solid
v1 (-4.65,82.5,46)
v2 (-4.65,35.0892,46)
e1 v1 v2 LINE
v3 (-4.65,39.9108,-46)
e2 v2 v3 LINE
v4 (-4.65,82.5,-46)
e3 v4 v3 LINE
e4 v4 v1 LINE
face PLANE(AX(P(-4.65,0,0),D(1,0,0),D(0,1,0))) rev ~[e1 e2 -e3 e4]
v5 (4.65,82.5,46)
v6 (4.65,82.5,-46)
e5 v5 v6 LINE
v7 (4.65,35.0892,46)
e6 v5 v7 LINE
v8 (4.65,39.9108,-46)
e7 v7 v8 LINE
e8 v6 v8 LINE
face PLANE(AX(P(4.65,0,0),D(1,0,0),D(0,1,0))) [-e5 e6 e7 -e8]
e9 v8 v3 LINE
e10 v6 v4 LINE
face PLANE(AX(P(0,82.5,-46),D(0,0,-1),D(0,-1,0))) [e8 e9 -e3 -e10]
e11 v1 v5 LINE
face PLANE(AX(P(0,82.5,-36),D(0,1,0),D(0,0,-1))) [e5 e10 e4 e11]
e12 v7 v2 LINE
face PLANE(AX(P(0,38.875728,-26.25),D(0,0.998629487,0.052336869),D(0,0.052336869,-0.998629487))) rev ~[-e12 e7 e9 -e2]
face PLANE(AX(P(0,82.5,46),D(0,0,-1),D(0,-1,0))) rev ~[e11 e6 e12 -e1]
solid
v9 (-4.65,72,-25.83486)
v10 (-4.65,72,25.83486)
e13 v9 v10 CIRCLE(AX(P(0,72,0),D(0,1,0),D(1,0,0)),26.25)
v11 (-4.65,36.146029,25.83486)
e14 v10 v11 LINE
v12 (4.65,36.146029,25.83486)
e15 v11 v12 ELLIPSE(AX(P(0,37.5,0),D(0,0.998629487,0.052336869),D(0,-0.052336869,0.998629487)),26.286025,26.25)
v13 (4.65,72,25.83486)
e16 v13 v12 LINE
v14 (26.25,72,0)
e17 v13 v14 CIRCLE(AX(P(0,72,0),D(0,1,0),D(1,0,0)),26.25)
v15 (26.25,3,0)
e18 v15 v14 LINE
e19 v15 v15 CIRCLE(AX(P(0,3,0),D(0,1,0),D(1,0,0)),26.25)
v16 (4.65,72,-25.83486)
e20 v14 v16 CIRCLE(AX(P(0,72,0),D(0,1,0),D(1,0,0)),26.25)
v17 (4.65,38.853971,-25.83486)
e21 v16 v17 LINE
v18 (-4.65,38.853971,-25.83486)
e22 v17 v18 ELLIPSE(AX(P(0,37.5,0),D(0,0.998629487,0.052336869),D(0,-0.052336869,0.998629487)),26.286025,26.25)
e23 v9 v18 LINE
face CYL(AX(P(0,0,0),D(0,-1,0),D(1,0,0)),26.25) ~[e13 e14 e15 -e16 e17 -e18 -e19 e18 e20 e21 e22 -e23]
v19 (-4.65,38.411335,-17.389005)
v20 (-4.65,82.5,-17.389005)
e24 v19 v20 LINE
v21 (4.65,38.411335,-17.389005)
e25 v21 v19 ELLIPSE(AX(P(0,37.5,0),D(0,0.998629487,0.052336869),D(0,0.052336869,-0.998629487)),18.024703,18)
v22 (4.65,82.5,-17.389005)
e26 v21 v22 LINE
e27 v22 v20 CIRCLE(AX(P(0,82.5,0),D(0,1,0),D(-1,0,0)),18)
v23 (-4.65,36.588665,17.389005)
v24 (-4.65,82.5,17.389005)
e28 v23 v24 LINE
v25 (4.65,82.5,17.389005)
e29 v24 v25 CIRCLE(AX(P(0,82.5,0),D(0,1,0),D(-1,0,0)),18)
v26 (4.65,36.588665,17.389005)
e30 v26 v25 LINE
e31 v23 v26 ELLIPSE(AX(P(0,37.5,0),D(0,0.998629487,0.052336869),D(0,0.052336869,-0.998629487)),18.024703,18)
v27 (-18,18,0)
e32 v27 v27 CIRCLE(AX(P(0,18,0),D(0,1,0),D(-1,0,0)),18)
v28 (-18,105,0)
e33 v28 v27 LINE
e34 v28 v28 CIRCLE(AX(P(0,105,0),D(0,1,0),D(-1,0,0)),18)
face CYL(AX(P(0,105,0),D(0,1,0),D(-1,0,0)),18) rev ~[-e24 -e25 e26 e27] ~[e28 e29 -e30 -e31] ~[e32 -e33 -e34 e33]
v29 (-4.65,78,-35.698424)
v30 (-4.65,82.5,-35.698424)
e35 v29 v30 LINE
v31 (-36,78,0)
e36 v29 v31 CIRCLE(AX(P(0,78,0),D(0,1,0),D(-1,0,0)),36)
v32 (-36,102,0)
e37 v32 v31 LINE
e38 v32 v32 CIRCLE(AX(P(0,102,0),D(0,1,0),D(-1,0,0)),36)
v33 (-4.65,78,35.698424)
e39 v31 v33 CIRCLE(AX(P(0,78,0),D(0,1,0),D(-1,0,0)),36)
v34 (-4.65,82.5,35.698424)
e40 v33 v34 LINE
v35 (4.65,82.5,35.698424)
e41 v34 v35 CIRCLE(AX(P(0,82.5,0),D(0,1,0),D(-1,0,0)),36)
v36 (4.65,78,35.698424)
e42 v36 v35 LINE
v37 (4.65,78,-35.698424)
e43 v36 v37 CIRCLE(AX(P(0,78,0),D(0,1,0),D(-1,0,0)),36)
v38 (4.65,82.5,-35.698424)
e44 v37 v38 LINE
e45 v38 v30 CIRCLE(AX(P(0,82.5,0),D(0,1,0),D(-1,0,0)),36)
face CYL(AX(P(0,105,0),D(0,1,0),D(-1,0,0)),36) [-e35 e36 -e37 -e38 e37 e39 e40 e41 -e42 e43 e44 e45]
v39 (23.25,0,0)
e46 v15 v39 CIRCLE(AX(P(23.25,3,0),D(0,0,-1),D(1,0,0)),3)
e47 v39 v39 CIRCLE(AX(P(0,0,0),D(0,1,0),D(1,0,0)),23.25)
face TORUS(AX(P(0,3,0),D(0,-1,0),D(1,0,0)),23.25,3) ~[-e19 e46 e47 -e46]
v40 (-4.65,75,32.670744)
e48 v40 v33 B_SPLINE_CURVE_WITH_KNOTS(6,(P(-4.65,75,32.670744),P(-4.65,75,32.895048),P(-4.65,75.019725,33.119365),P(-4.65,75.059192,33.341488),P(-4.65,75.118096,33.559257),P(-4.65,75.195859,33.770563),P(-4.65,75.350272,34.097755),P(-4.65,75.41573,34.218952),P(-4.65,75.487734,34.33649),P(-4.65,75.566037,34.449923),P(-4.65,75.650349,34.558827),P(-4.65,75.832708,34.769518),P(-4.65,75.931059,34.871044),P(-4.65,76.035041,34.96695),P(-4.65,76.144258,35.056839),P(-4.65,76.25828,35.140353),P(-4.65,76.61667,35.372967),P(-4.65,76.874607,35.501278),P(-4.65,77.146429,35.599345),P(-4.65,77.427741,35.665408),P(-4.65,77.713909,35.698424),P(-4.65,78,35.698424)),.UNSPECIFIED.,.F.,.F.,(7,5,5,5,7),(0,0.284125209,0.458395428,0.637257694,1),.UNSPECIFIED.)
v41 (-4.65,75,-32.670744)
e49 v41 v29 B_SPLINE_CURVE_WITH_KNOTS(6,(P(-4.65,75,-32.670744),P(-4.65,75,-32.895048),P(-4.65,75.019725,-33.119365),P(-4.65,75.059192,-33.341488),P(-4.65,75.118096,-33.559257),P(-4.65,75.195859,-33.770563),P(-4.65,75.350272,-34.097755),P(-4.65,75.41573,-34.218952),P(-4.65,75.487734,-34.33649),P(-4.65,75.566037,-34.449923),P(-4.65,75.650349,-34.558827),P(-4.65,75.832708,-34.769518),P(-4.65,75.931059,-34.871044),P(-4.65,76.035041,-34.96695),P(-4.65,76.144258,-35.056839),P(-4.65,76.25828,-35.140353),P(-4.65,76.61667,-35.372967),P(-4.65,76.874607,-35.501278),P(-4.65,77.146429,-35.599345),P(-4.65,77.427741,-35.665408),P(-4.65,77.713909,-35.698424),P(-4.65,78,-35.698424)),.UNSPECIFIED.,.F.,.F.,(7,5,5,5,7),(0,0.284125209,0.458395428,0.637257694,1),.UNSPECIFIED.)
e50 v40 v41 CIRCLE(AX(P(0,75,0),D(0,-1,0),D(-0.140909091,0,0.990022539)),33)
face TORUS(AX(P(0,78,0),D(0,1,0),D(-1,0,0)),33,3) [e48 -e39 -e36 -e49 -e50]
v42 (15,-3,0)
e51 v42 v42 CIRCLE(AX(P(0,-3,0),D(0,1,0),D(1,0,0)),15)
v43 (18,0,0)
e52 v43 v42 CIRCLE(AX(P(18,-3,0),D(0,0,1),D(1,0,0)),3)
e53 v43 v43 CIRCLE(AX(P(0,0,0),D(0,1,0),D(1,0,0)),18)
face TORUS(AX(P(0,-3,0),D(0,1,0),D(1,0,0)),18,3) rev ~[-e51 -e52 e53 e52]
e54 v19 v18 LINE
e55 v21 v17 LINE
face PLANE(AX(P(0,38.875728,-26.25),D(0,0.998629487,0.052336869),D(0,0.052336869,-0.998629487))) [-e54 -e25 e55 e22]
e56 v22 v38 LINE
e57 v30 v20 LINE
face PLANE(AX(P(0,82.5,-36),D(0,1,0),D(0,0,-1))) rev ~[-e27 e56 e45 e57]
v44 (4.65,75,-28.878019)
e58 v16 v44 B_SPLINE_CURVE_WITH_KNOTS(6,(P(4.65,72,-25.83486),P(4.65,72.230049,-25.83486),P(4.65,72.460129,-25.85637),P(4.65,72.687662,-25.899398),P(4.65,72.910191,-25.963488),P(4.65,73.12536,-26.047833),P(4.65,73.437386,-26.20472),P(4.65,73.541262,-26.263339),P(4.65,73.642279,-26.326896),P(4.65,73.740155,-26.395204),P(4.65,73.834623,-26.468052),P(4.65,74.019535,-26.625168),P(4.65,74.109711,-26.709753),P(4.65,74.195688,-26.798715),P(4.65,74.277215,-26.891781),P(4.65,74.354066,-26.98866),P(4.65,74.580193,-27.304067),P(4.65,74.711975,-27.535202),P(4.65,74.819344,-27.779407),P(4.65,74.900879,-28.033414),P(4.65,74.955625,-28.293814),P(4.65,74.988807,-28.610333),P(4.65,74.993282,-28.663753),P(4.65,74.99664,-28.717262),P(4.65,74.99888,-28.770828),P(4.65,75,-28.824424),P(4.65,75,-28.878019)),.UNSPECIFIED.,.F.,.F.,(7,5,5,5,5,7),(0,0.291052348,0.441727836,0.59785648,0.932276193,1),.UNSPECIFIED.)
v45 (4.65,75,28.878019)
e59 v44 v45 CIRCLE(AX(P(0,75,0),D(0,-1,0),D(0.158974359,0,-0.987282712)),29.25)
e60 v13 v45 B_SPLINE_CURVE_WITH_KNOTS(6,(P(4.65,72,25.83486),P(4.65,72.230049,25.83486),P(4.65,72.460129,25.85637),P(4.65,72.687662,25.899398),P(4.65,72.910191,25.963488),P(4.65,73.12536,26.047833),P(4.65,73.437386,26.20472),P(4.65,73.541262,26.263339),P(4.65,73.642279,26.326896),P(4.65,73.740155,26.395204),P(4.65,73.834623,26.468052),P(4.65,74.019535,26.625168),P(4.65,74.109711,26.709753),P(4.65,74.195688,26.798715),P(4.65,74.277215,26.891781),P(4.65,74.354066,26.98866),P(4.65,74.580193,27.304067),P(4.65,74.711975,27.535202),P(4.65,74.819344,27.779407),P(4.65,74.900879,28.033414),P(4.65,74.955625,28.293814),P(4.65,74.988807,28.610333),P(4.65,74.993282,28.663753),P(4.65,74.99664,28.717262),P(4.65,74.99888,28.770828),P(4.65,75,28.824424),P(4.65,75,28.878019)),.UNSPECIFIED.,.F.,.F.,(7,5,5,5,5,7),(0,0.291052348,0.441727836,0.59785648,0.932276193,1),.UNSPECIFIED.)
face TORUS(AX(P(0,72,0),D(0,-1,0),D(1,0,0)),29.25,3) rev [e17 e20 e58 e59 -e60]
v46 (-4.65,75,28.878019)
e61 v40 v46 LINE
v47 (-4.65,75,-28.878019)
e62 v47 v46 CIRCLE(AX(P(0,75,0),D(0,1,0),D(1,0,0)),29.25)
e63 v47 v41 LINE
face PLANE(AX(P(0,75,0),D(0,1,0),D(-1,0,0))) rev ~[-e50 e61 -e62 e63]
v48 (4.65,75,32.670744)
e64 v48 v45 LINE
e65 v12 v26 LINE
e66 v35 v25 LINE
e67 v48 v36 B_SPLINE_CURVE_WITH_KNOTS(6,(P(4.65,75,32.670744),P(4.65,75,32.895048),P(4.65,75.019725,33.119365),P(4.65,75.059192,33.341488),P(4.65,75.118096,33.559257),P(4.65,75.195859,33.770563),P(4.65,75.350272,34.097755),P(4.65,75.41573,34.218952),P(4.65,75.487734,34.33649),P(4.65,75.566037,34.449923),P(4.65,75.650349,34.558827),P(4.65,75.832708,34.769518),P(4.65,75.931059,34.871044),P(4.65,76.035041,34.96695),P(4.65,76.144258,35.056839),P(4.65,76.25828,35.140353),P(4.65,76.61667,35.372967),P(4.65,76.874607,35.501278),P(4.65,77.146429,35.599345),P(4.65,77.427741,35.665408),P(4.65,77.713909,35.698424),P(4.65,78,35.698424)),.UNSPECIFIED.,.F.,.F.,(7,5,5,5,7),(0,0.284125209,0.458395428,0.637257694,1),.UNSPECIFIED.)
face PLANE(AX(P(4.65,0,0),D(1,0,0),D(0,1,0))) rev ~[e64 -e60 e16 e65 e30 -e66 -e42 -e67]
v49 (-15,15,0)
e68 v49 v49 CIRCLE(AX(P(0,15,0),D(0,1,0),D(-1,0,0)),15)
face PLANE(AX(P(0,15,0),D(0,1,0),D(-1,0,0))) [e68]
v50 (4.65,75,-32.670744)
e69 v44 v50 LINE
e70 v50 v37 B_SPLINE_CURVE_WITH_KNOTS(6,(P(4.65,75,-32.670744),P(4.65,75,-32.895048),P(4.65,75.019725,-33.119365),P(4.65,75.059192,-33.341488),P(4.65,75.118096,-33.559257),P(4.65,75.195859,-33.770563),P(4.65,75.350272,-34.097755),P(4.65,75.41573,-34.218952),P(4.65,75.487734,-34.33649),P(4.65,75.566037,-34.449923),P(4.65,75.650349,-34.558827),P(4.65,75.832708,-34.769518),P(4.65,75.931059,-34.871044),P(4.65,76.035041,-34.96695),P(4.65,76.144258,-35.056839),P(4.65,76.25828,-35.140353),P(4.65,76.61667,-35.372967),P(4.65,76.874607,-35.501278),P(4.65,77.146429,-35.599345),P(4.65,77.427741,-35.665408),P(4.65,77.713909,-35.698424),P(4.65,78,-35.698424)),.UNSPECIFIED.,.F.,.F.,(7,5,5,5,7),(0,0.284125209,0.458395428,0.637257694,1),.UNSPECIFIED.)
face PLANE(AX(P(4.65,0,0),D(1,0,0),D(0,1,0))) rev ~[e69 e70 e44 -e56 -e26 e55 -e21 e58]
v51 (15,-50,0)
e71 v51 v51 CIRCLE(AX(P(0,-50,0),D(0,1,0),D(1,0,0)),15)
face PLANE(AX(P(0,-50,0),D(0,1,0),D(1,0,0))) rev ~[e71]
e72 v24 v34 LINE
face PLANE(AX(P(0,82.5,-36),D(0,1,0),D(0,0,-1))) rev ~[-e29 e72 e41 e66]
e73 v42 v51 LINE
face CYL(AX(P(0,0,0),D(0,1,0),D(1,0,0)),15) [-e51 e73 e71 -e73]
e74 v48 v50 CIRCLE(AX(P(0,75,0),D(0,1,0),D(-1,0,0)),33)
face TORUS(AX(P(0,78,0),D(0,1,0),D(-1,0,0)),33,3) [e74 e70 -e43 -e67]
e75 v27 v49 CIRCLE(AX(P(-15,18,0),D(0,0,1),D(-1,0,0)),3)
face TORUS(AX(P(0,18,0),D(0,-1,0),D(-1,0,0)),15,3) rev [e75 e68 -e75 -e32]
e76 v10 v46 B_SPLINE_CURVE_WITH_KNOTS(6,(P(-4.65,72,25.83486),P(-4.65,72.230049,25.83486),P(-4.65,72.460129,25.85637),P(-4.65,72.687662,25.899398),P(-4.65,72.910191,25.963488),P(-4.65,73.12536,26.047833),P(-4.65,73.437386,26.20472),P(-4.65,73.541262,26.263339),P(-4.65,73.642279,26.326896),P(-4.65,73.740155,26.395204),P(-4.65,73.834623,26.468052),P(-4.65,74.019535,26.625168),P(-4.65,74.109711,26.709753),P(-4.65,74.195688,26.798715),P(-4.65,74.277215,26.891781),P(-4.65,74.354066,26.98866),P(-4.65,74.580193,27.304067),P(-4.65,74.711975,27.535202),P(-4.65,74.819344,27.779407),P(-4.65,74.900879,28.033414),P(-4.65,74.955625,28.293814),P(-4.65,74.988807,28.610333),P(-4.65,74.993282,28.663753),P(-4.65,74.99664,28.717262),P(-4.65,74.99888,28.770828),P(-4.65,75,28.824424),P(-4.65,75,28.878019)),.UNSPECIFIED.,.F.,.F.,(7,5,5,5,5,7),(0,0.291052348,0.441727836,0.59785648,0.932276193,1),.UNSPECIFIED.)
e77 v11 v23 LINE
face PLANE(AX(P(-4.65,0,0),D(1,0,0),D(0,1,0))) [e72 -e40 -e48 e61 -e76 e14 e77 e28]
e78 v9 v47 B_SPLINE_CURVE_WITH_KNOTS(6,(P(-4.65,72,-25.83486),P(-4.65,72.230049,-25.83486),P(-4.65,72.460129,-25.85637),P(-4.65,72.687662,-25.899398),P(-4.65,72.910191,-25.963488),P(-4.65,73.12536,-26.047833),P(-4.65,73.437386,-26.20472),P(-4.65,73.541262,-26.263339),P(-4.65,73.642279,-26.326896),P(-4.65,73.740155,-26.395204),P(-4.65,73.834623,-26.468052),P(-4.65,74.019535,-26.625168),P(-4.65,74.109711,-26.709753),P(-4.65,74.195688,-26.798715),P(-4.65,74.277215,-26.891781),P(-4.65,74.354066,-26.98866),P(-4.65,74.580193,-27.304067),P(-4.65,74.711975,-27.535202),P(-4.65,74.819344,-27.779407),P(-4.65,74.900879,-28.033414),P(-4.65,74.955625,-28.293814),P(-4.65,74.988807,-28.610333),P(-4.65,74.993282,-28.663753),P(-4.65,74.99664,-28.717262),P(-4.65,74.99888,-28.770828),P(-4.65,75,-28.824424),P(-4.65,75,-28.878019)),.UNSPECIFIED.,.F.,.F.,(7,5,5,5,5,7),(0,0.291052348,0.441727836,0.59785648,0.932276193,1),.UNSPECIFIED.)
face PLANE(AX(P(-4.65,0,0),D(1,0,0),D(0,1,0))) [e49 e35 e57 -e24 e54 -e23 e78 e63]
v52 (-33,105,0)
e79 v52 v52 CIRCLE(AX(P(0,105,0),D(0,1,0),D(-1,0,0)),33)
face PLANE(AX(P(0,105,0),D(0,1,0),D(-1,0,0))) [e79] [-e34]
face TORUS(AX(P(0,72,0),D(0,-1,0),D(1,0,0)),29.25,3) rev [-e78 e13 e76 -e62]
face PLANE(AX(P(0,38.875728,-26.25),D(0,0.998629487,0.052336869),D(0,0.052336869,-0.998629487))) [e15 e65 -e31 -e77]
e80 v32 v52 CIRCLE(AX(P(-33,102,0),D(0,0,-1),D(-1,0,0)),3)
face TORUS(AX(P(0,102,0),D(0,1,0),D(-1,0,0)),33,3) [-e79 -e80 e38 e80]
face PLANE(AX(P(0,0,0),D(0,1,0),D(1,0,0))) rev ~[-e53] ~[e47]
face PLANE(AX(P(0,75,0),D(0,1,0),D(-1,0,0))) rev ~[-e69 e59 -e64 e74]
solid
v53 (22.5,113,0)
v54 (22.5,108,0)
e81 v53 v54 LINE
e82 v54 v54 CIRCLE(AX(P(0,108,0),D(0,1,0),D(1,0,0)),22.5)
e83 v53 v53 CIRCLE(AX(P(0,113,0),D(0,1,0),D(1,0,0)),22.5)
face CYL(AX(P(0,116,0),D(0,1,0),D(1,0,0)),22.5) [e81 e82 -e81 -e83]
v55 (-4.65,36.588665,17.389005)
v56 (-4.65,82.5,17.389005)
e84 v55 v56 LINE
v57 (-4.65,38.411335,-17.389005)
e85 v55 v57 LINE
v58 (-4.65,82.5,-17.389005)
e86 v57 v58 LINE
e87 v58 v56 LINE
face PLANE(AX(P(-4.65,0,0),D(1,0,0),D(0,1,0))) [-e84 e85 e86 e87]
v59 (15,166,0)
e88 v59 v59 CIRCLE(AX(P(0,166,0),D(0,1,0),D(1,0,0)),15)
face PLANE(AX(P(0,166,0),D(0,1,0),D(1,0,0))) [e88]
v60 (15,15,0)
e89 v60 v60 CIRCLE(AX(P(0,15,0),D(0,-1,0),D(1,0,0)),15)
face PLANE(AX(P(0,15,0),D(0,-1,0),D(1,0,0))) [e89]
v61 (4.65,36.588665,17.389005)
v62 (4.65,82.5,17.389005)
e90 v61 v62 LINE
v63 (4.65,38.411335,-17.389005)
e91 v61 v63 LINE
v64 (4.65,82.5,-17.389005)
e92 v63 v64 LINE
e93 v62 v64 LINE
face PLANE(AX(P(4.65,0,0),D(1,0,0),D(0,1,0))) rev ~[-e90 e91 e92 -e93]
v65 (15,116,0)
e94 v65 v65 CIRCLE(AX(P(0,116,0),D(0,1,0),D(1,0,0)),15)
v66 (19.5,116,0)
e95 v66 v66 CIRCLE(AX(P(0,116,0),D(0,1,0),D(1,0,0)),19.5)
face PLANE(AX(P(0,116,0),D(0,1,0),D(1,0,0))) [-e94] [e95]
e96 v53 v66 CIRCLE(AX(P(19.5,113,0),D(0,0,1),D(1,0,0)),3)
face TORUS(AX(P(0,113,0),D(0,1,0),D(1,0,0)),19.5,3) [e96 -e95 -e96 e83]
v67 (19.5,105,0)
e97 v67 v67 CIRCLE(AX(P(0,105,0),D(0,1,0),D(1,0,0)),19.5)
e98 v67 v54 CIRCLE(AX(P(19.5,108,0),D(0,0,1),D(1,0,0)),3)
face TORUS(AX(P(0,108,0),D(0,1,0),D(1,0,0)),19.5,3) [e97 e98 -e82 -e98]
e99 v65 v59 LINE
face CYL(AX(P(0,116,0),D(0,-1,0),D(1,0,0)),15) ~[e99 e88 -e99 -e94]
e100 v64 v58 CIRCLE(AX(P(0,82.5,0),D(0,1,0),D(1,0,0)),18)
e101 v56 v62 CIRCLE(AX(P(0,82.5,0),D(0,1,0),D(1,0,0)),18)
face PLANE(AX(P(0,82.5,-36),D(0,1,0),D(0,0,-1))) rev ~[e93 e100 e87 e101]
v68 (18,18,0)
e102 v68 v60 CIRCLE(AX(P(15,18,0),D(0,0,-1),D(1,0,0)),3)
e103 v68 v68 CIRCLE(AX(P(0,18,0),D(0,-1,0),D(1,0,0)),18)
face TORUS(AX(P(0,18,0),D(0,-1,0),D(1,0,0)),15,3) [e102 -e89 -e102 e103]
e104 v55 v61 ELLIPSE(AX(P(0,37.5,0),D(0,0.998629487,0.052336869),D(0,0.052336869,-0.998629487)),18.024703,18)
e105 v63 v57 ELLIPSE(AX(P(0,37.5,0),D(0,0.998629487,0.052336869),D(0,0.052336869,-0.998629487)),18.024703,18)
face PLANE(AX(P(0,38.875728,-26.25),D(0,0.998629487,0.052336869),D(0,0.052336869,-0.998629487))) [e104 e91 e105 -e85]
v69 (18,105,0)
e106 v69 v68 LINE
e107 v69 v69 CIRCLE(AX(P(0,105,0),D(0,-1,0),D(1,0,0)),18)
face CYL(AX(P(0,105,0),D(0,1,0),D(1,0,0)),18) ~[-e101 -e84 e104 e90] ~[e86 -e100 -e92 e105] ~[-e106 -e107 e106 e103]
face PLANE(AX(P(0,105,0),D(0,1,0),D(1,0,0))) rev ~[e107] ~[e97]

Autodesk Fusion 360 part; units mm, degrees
sketch "Sketch1" plane through (0, 0, 0) normal (0, 1, 0) x (1, 0, 0)
  circle A0 centre (0, 0) radius 15
  circle A1 centre (0, 0) radius 22.5
  dimension "d1" = 30
  dimension "d4" = 45
extrude "Extrude1" add sketch "Sketch1" along normal blind 50 contours A0 makes body 1
extrude "Extrude2" add sketch "Sketch1" against normal blind 11 separate body contours A0 | A1 makes body 2
sketch "Sketch2" plane through (0, -11, 0) normal (0, -1, 0) x (1, 0, 0)
  circle A0 centre (0, 0) radius 22.5
  circle A1 centre (0, 0) radius 18
  dimension "d7" = 36
extrude "Extrude3" add sketch "Sketch2" along normal blind 90 contours A1 bodies 2
combine "Combine1" operation add target body 1 tool bodies 2
copy_body "Body->Comp1" bodies 1 removing the originals makes body 3 in component "spigot"
sketch "Sketch3" plane through (0, 0, 0) normal (0, 1, 0) x (1, 0, 0)
  circle A0 centre (0, 0) radius 15
  circle A1 centre (0, 0) radius 26.25
  dimension "d11" = 30
  dimension "d14" = 52.5
extrude "Extrude4" add sketch "Sketch3" against normal blind 50 separate body contours A0 makes body 4
extrude "Extrude5" add sketch "Sketch3" along normal blind 105 contours A0 | A1 bodies 4
sketch "Sketch4" plane through (0, 105, 0) normal (0, 1, 0) x (-1, 0, 0)
  circle A0 centre (0, 0) radius 26.25
  circle A1 centre (0, 0) radius 36
  dimension "d17" = 72
extrude "Extrude6" add sketch "Sketch4" against normal blind 30 bodies 4
sketch "Sketch5" plane through (0, 105, 0) normal (0, 1, 0) x (-1, 0, 0)
  circle A0 centre (0, 0) radius 36
  circle A1 centre (0, 0) radius 18
  dimension "d20" = 36
extrude "Extrude7" cut sketch "Sketch5" against normal blind 90 contours A1 bodies 4
fillet "Fillet1" radius 3 1 edges at (16.7819, 15, 6.5091) on bodies 4
fillet "Fillet1'" radius 3 1 edges at (-16.7819, -101, -6.5091) on bodies 3 in component "spigot"
fillet "Fillet2" radius 3 1 edges at (-24.4736, 0, 9.4924) on bodies 4
fillet "Fillet2'" radius 3 1 edges at (-20.9774, 0, 8.1363) on bodies 3 in component "spigot"
fillet "Fillet2'" radius 3 1 edges at (-20.9774, -11, -8.1363) on bodies 3 in component "spigot"
fillet "Fillet3" radius 3 3 edges at (33.5638, 105, -13.0182) (33.5638, 75, 13.0182) (-13.9849, 0, 5.4242) on bodies 4
fillet "Fillet3" radius 3 1 edges at (-24.4736, 75, -9.4924) on bodies 4
sketch "Sketch6" plane through (0, 0, 0) normal (1, 0, 0) x (0, 1, 0)
  line L0 (75, -33) -> (75, -29.25)
  line L1 (75, 29.25) -> (75, 33)
  line L2 (0, 18) -> (0, 23.25)
  line L3 (0, -23.25) -> (0, -18)
  line L4 (-50, 0) -> (-50, -15)
  line L5 (-50, 15) -> (-50, 0)
  line L6 (105, 33) -> (105, -33)
  arc A0 (75, -29.25) -> (72, -26.25) centre (72, -29.25) ccw
  arc A1 (72, 26.25) -> (75, 29.25) centre (72, 29.25) ccw
  line L7 (3, -26.25) -> (72, -26.25)
  line L8 (3, 26.25) -> (72, 26.25)
  arc A2 (-3, 15) -> (0, 18) centre (-3, 18) ccw
  arc A3 (0, -18) -> (-3, -15) centre (-3, -18) ccw
  line L9 (-3, 15) -> (-50, 15)
  line L10 (-3, -15) -> (-50, -15)
  arc A4 (75, -33) -> (78, -36) centre (78, -33) ccw
  arc A5 (78, 36) -> (75, 33) centre (78, 33) ccw
  line L11 (102, 36) -> (78, 36)
  line L12 (102, -36) -> (78, -36)
  arc A6 (105, 33) -> (102, 36) centre (102, 33) ccw
  arc A7 (102, -36) -> (105, -33) centre (102, -33) ccw
  arc A8 (3, 26.25) -> (0, 23.25) centre (3, 23.25) ccw
  arc A9 (0, -23.25) -> (3, -26.25) centre (3, -23.25) ccw
  line L13 (-50, 0) -> (109.5, 0) construction
  line L14 (82.5, 46) -> (82.5, -46)
  line L15 (82.5, 0) -> (37.5, 0)
  line L16 (37.5, 0) -> (35.0892, 46)
  line L17 (82.5, 46) -> (35.0892, 46)
  line L18 (82.5, -46) -> (39.9108, -46)
  line L19 (37.5, 0) -> (39.9108, -46)
  point P0 (82.5, -46)
  point P1 (82.5, 46)
  dimension "d41" = 22.5
  dimension "d42" = 45
  dimension "d43" = 93
  dimension "d44" = 92
extrude "Extrude8" add sketch "Sketch6" along normal mid plane 9.3 separate body contours L0 A0 L7 A4 L12 L14 L18 L19 | L0 A0 L7 A4 L12 L14 L15 L19 | L1 A1 L8 A5 L11 L14 L15 L16 | L1 A1 L8 A5 L11 L14 L16 L17 makes body 5
combine "Combine2" operation cut target body 4 tool bodies 5 keep tools
combine "Combine1'" operation cut target body 3 tool bodies 5 body 5 seen with x (1, 0, 0) y (0, 1, 0) z (0, 0, 1) at (0, -116, 0) keep tools in component "spigot"
component "spigot" placed x (1, 0, 0) y (0, 1, 0) z (0, 0, 1) at (0, 116, 0)
